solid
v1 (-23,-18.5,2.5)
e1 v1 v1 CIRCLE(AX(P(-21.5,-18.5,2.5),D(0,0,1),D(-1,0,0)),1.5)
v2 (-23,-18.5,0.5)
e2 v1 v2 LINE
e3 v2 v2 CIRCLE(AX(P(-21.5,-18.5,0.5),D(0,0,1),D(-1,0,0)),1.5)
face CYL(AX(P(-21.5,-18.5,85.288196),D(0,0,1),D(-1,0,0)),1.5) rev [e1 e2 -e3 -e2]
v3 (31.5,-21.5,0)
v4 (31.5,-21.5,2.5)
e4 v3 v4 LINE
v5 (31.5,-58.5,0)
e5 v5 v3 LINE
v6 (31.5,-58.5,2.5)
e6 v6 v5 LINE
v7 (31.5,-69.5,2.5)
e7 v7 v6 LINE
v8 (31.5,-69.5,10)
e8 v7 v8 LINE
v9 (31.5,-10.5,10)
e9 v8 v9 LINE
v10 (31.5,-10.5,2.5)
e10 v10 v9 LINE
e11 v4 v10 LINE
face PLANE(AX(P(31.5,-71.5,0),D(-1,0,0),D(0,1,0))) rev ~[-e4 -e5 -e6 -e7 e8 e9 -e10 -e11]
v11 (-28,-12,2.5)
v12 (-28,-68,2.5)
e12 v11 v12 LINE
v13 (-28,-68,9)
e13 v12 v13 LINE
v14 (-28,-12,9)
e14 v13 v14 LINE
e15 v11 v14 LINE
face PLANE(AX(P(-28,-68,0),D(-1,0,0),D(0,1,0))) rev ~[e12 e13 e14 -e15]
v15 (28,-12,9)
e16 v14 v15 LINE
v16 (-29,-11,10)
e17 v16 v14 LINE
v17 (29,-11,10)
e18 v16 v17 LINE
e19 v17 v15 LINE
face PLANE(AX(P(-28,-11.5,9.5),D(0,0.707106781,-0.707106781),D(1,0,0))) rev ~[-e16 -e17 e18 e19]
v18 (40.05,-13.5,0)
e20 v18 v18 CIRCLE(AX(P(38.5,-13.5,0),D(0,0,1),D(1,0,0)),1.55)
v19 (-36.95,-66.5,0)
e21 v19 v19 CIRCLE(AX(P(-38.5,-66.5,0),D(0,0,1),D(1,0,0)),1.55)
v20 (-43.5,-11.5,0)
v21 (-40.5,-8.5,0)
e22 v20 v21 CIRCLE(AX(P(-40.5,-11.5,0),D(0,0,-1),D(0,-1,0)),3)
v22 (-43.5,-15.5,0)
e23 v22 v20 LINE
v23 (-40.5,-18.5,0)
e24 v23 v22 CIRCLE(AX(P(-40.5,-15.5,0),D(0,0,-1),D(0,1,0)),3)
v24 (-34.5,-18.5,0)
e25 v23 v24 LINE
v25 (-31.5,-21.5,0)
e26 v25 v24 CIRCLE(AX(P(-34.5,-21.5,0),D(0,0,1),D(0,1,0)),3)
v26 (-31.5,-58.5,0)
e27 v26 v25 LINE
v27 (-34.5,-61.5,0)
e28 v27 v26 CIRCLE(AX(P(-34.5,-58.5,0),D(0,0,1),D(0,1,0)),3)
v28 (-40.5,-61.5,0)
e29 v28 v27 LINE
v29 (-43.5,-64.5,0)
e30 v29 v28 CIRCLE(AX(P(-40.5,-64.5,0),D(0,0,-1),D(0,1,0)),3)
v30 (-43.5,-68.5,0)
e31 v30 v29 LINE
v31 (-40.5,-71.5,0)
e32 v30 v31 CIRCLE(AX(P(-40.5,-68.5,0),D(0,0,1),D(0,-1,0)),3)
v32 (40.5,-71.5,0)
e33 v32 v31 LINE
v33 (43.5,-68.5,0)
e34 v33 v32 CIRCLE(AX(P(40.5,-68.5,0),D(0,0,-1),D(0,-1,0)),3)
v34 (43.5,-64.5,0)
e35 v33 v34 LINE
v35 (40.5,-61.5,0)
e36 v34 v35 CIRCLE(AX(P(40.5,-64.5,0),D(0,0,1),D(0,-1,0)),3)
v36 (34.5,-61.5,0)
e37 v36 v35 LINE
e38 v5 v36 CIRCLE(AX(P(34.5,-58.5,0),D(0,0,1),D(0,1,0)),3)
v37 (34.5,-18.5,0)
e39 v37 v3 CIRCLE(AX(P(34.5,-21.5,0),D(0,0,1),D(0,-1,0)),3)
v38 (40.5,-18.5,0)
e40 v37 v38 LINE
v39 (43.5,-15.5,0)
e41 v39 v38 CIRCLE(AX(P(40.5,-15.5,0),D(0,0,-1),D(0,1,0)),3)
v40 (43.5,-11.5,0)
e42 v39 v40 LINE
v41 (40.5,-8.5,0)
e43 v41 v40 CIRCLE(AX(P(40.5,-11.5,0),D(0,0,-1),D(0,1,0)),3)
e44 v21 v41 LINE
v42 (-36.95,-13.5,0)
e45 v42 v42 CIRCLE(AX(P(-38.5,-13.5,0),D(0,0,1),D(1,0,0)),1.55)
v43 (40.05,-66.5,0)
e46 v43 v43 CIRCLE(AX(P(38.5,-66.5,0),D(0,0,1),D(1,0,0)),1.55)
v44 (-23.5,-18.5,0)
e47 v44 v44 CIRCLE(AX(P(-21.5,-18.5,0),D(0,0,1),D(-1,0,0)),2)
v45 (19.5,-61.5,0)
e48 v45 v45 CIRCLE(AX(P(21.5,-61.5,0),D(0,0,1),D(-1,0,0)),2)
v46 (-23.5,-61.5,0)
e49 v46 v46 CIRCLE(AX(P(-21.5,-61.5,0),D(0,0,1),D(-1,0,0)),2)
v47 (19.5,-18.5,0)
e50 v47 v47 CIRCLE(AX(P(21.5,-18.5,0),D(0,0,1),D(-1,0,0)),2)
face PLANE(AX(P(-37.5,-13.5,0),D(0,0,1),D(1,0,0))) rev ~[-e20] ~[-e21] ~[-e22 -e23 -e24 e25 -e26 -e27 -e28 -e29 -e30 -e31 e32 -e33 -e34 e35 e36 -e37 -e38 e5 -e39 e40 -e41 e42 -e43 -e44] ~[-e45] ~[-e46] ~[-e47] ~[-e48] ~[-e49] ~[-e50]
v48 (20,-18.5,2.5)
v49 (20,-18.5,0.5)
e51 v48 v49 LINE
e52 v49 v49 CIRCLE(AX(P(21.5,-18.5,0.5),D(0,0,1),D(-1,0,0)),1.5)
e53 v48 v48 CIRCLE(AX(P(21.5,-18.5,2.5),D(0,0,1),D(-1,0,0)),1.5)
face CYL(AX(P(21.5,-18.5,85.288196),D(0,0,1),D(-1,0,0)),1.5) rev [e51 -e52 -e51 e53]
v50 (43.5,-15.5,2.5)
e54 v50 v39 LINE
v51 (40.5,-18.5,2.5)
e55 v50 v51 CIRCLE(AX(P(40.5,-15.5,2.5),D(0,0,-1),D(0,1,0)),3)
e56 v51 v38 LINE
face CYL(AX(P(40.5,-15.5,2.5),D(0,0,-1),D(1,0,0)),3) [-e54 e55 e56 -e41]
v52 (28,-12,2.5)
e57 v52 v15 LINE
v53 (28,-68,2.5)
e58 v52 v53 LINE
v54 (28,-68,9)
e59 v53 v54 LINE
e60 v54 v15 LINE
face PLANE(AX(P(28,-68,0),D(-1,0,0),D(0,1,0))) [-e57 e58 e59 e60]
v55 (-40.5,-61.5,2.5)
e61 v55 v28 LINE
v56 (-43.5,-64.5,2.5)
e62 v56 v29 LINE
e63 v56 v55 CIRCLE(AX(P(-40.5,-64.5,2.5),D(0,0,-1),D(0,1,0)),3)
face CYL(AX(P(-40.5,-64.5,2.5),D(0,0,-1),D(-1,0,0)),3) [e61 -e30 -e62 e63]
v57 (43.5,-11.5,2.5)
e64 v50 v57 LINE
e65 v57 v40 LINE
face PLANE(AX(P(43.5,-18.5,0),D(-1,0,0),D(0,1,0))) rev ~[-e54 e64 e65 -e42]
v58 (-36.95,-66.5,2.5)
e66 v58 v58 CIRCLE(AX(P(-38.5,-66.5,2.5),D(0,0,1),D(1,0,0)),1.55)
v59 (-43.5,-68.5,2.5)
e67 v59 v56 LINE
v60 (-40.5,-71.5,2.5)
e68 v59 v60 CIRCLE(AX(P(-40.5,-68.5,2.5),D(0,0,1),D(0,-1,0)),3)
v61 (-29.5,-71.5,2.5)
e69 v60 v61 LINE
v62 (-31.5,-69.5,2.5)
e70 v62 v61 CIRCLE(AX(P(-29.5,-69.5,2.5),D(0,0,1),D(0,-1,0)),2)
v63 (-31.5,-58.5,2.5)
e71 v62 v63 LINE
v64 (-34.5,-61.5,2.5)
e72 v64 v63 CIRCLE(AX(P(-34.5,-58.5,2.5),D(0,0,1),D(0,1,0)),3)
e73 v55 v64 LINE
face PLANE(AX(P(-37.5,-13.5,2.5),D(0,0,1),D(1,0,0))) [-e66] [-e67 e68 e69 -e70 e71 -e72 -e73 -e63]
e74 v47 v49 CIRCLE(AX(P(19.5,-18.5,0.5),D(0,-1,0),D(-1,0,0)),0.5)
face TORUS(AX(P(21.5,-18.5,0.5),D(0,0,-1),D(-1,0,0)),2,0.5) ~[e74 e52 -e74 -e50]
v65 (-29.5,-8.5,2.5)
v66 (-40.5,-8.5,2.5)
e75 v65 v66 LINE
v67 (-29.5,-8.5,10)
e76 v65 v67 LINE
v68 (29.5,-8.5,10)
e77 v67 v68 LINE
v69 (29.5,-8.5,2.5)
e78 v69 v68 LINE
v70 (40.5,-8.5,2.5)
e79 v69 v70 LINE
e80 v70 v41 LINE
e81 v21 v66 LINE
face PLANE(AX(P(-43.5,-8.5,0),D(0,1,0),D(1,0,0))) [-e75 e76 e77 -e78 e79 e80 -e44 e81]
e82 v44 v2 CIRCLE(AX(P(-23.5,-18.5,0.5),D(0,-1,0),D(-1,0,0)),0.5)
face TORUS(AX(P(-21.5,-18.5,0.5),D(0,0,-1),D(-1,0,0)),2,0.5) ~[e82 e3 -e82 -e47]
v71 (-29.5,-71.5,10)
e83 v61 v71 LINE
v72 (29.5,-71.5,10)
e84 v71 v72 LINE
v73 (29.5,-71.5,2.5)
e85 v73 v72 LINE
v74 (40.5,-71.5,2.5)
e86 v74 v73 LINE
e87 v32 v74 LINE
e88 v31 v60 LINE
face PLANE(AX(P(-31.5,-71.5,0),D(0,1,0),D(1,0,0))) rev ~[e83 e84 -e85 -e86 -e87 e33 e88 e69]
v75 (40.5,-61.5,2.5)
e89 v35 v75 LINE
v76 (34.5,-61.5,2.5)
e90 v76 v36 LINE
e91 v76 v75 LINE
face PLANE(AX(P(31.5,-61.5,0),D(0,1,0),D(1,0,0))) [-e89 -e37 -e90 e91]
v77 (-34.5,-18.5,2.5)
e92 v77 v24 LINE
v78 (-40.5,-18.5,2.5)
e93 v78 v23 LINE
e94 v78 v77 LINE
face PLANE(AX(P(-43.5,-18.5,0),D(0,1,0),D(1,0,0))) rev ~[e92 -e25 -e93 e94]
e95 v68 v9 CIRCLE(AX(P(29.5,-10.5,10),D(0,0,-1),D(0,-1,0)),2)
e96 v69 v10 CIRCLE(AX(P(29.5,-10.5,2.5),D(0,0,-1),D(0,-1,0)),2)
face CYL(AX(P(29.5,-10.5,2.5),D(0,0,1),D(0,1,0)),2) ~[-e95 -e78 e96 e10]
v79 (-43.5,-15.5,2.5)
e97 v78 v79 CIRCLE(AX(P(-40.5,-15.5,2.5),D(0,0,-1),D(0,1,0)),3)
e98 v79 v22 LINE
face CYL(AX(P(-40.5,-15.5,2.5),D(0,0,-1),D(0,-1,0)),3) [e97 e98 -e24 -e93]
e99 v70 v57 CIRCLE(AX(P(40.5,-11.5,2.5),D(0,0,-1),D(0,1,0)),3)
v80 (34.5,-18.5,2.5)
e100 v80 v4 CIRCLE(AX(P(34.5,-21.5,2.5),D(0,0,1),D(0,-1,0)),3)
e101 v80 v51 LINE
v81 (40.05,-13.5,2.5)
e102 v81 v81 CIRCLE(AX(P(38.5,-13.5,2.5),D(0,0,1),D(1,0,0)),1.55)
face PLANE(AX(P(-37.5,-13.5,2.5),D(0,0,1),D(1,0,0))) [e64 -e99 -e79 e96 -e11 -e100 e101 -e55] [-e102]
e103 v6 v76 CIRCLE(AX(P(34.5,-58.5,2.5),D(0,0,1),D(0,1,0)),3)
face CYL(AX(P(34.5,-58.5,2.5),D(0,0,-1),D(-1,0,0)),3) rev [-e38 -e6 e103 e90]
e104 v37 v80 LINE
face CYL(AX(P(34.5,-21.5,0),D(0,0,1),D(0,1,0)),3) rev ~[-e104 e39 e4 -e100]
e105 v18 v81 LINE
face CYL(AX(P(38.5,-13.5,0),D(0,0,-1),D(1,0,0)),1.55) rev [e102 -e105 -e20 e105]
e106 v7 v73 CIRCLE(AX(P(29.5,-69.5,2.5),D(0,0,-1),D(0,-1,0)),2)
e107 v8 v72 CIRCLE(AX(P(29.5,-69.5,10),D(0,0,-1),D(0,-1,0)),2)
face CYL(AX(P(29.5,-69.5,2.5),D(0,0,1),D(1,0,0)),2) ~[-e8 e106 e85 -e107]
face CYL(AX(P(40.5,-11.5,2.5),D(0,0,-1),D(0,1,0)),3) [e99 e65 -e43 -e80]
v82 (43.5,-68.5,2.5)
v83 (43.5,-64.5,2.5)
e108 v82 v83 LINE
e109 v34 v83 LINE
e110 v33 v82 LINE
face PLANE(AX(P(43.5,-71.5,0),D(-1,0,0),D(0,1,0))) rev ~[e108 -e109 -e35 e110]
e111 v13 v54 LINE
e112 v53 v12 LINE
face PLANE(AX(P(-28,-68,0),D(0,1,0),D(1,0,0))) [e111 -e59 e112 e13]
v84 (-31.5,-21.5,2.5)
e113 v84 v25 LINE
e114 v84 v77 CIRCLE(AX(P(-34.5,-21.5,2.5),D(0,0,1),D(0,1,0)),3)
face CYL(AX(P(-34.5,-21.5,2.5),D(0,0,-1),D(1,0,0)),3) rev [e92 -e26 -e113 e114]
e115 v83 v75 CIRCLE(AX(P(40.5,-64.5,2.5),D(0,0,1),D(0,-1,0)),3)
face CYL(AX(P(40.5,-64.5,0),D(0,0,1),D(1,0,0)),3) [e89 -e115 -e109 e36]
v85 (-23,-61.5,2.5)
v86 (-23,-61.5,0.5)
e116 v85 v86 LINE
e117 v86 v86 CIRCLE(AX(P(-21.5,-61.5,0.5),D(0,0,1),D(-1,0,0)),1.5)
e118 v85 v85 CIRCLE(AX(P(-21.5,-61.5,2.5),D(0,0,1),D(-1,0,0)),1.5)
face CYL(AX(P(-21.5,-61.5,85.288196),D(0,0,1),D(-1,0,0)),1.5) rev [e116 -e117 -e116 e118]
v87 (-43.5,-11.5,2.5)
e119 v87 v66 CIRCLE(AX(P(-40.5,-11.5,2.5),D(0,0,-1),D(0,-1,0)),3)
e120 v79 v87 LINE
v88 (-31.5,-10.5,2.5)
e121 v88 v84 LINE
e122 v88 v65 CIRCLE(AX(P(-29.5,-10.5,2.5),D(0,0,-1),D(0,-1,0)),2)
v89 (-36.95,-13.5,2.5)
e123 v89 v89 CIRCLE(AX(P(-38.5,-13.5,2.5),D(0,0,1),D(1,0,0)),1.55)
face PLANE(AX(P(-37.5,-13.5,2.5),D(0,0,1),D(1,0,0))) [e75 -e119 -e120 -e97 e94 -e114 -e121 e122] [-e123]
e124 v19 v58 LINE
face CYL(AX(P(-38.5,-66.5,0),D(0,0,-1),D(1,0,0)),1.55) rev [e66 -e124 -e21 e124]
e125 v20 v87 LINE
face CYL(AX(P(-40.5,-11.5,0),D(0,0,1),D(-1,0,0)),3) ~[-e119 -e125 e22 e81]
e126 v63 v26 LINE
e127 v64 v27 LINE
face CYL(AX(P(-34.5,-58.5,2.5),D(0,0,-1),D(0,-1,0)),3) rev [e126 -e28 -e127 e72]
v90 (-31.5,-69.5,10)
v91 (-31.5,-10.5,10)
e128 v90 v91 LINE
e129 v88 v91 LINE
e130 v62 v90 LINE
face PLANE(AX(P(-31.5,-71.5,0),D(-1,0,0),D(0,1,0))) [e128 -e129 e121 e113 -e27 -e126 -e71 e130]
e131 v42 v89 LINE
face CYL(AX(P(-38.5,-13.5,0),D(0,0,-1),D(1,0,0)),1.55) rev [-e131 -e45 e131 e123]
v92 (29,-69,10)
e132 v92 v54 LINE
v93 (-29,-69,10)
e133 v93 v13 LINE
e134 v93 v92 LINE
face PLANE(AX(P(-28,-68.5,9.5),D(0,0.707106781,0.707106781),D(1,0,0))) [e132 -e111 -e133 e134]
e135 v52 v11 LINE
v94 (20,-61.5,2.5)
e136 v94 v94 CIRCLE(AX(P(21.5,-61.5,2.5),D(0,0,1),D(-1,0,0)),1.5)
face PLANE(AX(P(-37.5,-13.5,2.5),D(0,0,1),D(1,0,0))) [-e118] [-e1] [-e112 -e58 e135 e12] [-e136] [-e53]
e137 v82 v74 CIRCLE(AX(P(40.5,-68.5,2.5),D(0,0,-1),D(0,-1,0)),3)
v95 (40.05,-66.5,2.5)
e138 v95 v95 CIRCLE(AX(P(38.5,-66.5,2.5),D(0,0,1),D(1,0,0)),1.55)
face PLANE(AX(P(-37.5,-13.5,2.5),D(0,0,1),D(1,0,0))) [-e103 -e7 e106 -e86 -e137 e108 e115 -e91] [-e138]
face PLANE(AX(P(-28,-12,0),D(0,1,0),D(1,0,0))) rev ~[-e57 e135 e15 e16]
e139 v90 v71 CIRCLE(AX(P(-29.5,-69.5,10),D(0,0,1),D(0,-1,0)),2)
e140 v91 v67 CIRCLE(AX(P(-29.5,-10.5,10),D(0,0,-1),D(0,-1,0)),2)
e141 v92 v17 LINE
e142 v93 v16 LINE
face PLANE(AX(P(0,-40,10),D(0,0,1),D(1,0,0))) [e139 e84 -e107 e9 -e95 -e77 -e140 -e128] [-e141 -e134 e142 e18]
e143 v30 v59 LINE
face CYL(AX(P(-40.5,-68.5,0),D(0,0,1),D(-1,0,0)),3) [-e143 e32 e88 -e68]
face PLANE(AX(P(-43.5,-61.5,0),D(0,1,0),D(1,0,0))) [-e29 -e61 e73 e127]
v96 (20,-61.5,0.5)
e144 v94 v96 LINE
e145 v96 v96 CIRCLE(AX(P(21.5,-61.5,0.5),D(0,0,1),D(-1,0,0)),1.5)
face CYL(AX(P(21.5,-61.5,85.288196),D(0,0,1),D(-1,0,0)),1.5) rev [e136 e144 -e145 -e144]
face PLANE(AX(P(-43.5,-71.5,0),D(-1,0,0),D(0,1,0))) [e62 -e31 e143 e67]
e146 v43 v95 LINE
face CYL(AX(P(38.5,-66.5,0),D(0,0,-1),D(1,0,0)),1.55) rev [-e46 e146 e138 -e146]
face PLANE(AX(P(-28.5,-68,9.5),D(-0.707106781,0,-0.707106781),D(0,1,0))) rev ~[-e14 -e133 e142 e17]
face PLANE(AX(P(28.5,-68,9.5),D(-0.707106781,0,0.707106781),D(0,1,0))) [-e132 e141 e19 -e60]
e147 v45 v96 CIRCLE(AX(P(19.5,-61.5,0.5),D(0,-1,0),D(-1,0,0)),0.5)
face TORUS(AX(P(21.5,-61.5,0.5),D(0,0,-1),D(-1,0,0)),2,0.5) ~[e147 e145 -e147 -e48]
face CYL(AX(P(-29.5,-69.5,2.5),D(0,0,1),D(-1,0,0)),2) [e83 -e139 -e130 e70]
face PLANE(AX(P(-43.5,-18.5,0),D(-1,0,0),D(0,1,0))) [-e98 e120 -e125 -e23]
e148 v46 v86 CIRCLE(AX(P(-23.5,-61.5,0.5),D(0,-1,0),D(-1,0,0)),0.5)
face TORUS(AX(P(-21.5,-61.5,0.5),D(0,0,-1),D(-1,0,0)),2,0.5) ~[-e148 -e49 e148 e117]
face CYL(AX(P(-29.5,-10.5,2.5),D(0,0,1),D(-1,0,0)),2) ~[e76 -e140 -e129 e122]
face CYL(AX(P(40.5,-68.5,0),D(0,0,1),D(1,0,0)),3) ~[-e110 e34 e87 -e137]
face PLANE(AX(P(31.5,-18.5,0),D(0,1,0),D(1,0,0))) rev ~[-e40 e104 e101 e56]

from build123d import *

# Parameters (mm, degrees)
SKETCH1_W               = 63
SKETCH1_H               = 63
SKETCH1_W_2             = 56
SKETCH1_H_2             = 56
SKETCH1_W_3             = 12
SKETCH1_H_3             = 10
SKETCH1_R               = 1.55
BOSS_EXTRUDE1_DEPTH     = 2.5
SKETCH1_3_W             = 63
SKETCH1_3_H             = 63
SKETCH1_3_W_2           = 56
SKETCH1_3_H_2           = 56
BOSS_EXTRUDE2_DEPTH     = 10
SKETCH1_4_W             = 12
SKETCH1_4_H             = 10
SKETCH1_4_R             = 1.55
BOSS_EXTRUDE3_DEPTH     = 2
FILLET1_R               = 3
FILLET2_R               = 2
CHAMFER1_SIZE           = 1
CUT_EXTRUDE1_DEPTH      = 85.288196089
CUT_EXTRUDE1_DEPTH_BACK = 85.288196089
SKETCH2_R               = 1.5
FILLET3_R               = 0.5


with BuildPart() as part:
    # Sketch1 → Boss-Extrude1 (new body)
    # profile 1 of 6: a face of its own
    with BuildSketch(Plane.XY):
        with Locations((0, -40)):
            Rectangle(SKETCH1_W, SKETCH1_H)
        with Locations((0, -40)):
            Rectangle(SKETCH1_W_2, SKETCH1_H_2, mode=Mode.SUBTRACT)
    # profile 2 of 6: a face of its own
    with BuildSketch(Plane.XY):
        with Locations((0, -40)):
            Rectangle(SKETCH1_W_2, SKETCH1_H_2)
    # profile 3 of 6: a face of its own
    with BuildSketch(Plane.XY):
        with Locations((37.5, -13.5)):
            Rectangle(SKETCH1_W_3, SKETCH1_H_3)
        with Locations((38.5, -13.5)):
            Circle(SKETCH1_R, mode=Mode.SUBTRACT)
    # profile 4 of 6: a face of its own
    with BuildSketch(Plane.XY):
        with Locations((37.5, -66.5)):
            Rectangle(SKETCH1_W_3, SKETCH1_H_3)
        with Locations((38.5, -66.5)):
            Circle(SKETCH1_R, mode=Mode.SUBTRACT)
    # profile 5 of 6: a face of its own
    with BuildSketch(Plane.XY):
        with Locations((-37.5, -66.5)):
            Rectangle(SKETCH1_W_3, SKETCH1_H_3)
        with Locations((-38.5, -66.5)):
            Circle(SKETCH1_R, mode=Mode.SUBTRACT)
    # profile 6 of 6: a face of its own
    with BuildSketch(Plane.XY):
        with Locations((-37.5, -13.5)):
            Rectangle(SKETCH1_W_3, SKETCH1_H_3)
        with Locations((-38.5, -13.5)):
            Circle(SKETCH1_R, mode=Mode.SUBTRACT)
    extrude(amount=BOSS_EXTRUDE1_DEPTH)

    # Sketch1<3> → Boss-Extrude2 (add)
    with BuildSketch(Plane.XY):
        with Locations((0, -40)):
            Rectangle(SKETCH1_3_W, SKETCH1_3_H)
        with Locations((0, -40)):
            Rectangle(SKETCH1_3_W_2, SKETCH1_3_H_2, mode=Mode.SUBTRACT)
    extrude(amount=BOSS_EXTRUDE2_DEPTH)

    # Sketch1<4> → Boss-Extrude3 (add)
    # profile 1 of 4: a face of its own
    with BuildSketch(Plane.XY):
        with Locations((-37.5, -66.5)):
            Rectangle(SKETCH1_4_W, SKETCH1_4_H)
        with Locations((-38.5, -66.5)):
            Circle(SKETCH1_4_R, mode=Mode.SUBTRACT)
    # profile 2 of 4: a face of its own
    with BuildSketch(Plane.XY):
        with Locations((-37.5, -13.5)):
            Rectangle(SKETCH1_4_W, SKETCH1_4_H)
        with Locations((-38.5, -13.5)):
            Circle(SKETCH1_4_R, mode=Mode.SUBTRACT)
    # profile 3 of 4: a face of its own
    with BuildSketch(Plane.XY):
        with Locations((37.5, -13.5)):
            Rectangle(SKETCH1_4_W, SKETCH1_4_H)
        with Locations((38.5, -13.5)):
            Circle(SKETCH1_4_R, mode=Mode.SUBTRACT)
    # profile 4 of 4: a face of its own
    with BuildSketch(Plane.XY):
        with Locations((37.5, -66.5)):
            Rectangle(SKETCH1_4_W, SKETCH1_4_H)
        with Locations((38.5, -66.5)):
            Circle(SKETCH1_4_R, mode=Mode.SUBTRACT)
    extrude(amount=BOSS_EXTRUDE3_DEPTH)

    # Fillet1
    fillet1_edges = [part.edges().sort_by_distance(p)[0] for p in [
        (-31.5, -18.5, 1.25),
        (-43.5, -18.5, 1.25),
        (-43.5, -8.5, 1.25),
        (43.5, -8.5, 1.25),
        (43.5, -18.5, 1.25),
        (31.5, -18.5, 1.25),
        (31.5, -61.5, 1.25),
        (43.5, -61.5, 1.25),
        (43.5, -71.5, 1.25),
        (-43.5, -71.5, 1.25),
        (-43.5, -61.5, 1.25),
        (-31.5, -61.5, 1.25),
    ]]
    fillet(fillet1_edges, radius=FILLET1_R)

    # Fillet2
    fillet2_edges = [part.edges().sort_by_distance(p)[0] for p in [
        (-31.5, -71.5, 6.25),
        (31.5, -8.5, 6.25),
        (-31.5, -8.5, 6.25),
        (31.5, -71.5, 6.25),
    ]]
    fillet(fillet2_edges, radius=FILLET2_R)

    # Chamfer1
    chamfer1_edges = [part.edges().sort_by_distance(p)[0] for p in [
        (28, -40, 10),
        (0, -68, 10),
        (-28, -40, 10),
        (0, -12, 10),
    ]]
    chamfer(chamfer1_edges, length=CHAMFER1_SIZE)

    # Sketch2 → Cut-Extrude1 (cut, two sides: drawn at the far end of the back side and taken through both)
    with BuildSketch(Plane(origin=(0, 0, 0), x_dir=(-1, 0, 0), z_dir=(0, 0, -1)).offset(-CUT_EXTRUDE1_DEPTH_BACK)):
        with Locations((-21.5, -18.5)):
            Circle(SKETCH2_R)
        with Locations((-21.5, -61.5)):
            Circle(SKETCH2_R)
        with Locations((21.5, -61.5)):
            Circle(SKETCH2_R)
        with Locations((21.5, -18.5)):
            Circle(SKETCH2_R)
    extrude(amount=CUT_EXTRUDE1_DEPTH + CUT_EXTRUDE1_DEPTH_BACK, mode=Mode.SUBTRACT)

    # Fillet3
    fillet3_edges = [part.edges().sort_by_distance(p)[0] for p in [
        (23, -61.5, 0),
        (-20, -61.5, 0),
        (23, -18.5, 0),
        (-20, -18.5, 0),
    ]]
    fillet(fillet3_edges, radius=FILLET3_R)


solid = part.part
